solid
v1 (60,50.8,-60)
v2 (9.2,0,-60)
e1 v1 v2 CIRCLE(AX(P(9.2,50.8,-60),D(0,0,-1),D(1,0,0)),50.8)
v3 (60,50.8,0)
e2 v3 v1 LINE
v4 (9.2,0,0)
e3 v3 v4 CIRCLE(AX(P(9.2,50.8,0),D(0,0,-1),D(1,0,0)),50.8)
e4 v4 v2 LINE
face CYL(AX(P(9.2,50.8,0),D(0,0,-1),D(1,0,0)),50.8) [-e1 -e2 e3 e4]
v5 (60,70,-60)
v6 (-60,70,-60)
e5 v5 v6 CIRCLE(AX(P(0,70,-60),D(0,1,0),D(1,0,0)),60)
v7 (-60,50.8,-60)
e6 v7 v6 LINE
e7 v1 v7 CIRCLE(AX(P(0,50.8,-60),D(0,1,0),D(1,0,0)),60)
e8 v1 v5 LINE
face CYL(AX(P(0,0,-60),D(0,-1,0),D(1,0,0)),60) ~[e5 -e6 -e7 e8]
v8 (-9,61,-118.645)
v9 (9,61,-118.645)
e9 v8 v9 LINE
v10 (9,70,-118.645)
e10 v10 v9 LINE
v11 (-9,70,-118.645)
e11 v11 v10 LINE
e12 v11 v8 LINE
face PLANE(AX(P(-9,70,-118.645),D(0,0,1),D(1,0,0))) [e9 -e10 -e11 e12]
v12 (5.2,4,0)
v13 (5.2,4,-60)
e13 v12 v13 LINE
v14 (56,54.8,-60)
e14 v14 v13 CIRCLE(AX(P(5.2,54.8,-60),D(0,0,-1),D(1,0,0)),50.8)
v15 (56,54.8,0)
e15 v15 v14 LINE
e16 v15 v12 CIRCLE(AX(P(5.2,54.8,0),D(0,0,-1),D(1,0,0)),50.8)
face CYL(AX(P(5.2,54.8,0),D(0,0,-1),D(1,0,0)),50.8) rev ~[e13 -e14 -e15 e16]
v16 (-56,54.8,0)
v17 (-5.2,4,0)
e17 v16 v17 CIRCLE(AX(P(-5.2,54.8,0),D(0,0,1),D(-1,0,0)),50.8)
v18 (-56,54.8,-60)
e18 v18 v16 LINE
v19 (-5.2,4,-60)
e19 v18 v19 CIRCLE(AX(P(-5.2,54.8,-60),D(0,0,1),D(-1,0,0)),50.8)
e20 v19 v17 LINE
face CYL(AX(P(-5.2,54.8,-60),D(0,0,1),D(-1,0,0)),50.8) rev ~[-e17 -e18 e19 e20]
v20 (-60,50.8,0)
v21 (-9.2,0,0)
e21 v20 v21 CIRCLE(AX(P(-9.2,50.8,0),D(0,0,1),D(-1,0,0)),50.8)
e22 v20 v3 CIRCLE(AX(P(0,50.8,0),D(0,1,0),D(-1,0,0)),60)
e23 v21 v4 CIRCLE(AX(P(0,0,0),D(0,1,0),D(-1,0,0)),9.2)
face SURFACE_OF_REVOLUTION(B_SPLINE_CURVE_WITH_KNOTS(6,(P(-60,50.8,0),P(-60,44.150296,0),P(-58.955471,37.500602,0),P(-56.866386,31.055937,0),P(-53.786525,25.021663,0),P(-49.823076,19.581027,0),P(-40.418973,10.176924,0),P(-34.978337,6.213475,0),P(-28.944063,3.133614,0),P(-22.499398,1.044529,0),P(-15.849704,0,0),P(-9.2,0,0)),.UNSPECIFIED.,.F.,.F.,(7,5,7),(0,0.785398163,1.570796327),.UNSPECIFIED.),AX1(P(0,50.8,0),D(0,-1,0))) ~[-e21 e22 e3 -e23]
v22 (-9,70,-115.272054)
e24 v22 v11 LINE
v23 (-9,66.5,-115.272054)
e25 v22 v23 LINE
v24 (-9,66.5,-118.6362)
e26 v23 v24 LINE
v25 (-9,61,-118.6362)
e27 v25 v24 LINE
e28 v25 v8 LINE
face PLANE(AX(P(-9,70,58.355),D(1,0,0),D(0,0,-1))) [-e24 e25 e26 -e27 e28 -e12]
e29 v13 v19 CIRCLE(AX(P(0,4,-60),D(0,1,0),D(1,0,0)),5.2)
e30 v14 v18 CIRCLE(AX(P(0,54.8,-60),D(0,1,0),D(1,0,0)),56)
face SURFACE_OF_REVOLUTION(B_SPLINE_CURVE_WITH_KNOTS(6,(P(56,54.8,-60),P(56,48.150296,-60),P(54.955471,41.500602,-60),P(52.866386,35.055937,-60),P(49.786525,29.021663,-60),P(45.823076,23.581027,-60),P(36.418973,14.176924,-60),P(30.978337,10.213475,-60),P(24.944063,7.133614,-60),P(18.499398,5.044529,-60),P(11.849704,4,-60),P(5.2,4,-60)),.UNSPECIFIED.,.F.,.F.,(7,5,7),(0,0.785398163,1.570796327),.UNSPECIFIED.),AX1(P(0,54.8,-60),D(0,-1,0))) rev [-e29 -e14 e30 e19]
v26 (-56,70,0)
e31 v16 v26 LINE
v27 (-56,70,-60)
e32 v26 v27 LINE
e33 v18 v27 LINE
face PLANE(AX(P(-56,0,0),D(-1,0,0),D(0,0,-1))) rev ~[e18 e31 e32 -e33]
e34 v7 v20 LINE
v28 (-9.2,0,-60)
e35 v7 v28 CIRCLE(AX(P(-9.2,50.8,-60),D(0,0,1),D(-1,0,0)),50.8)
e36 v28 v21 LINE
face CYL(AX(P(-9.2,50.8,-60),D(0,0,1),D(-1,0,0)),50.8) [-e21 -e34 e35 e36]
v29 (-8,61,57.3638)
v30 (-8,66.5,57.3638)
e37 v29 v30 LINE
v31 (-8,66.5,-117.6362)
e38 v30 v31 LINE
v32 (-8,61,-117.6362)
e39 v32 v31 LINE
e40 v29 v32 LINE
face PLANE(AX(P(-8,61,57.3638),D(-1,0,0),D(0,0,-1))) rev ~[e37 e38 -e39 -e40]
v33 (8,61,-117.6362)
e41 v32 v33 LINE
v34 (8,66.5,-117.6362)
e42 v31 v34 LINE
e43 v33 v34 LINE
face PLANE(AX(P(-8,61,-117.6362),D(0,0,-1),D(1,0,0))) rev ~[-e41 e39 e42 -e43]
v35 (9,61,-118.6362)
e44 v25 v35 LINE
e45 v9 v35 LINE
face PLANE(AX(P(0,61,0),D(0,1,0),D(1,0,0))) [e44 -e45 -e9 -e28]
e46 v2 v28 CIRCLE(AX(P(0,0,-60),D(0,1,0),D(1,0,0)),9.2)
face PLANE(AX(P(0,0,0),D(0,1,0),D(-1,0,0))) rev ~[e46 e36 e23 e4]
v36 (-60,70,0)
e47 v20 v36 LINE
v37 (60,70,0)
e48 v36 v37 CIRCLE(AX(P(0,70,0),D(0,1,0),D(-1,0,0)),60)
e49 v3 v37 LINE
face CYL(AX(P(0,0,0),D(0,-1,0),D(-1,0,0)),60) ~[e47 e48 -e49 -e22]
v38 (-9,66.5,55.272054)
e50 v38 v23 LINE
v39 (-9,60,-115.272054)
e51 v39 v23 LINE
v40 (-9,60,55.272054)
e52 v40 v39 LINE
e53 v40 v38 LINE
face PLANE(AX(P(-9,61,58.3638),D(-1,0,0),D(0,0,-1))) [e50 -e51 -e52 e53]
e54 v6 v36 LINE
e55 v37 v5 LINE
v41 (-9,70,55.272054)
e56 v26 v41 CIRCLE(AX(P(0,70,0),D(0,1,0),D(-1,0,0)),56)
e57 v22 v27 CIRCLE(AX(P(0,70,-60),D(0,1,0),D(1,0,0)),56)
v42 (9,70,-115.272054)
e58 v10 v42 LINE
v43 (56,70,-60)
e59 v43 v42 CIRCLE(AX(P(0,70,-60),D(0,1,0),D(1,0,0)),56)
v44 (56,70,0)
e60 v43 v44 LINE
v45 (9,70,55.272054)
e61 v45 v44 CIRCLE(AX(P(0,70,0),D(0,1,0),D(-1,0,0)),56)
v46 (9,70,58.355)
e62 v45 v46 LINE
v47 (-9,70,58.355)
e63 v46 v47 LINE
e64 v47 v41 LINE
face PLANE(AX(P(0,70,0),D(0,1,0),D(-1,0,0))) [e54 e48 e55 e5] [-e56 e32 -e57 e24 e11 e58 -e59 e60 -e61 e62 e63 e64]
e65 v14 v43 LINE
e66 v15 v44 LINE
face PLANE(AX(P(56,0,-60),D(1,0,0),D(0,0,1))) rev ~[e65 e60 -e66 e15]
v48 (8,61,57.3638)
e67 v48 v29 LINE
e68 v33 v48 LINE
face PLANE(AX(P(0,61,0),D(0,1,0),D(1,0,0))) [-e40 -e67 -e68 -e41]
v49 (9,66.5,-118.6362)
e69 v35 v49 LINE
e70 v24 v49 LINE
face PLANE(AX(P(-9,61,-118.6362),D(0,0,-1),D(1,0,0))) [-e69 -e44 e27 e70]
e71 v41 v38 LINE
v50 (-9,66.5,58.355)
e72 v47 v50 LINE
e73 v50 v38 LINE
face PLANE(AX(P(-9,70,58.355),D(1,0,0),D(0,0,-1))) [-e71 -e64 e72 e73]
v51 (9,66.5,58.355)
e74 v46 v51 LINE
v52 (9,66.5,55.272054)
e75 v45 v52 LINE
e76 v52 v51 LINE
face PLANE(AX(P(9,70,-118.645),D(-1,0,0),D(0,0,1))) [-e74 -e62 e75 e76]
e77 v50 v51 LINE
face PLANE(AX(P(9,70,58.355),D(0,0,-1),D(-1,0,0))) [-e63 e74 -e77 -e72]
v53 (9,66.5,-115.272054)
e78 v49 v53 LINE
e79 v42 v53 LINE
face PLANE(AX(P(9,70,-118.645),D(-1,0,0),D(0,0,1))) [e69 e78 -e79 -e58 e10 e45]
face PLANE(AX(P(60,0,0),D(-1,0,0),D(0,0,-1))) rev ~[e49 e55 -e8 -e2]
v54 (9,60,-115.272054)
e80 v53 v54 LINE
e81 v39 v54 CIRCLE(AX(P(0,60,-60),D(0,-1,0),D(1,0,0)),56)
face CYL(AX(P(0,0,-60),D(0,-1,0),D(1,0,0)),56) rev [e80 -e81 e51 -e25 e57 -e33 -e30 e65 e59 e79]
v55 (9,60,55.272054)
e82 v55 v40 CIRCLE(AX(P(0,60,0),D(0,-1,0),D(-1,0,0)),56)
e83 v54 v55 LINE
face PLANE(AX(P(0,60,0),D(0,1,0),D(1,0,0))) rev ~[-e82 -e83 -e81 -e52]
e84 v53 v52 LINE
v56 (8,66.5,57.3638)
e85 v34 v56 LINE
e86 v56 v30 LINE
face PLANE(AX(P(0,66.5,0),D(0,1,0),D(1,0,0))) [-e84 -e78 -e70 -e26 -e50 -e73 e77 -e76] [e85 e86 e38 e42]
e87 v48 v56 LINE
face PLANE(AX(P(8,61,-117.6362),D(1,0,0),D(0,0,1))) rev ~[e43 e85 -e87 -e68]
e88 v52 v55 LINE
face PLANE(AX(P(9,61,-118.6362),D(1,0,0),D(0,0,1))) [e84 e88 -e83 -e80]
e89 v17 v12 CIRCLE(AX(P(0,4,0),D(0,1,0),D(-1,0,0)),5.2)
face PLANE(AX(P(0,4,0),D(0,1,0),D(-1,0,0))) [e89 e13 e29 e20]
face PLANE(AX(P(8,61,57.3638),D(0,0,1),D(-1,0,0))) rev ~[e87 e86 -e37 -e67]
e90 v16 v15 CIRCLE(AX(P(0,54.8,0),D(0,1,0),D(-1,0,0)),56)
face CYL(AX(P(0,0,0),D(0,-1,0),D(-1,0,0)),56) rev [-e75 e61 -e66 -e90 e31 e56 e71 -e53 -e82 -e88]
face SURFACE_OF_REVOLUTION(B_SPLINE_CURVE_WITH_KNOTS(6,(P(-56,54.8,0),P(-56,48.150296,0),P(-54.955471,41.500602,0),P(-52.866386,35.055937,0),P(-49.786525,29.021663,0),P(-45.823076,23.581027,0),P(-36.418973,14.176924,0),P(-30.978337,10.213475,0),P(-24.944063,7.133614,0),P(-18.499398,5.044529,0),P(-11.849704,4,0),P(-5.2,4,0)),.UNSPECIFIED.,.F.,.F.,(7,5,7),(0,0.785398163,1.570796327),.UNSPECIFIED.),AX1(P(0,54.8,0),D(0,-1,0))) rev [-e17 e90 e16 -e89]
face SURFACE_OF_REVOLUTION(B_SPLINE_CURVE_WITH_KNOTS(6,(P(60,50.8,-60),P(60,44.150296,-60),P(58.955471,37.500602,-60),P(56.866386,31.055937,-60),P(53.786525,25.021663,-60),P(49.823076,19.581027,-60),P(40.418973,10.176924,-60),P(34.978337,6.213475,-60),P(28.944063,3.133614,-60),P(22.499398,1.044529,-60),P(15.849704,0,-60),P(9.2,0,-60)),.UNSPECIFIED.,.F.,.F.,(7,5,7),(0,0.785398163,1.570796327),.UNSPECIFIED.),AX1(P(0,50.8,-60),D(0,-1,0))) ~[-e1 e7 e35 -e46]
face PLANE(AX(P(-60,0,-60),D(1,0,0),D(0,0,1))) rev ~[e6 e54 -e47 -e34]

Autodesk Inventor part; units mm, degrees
ref_plane "YZ Plane" through (0, 0, 0) normal (1, 0, 0) x (0, 1, 0)
ref_plane "XZ Plane" through (0, 0, 0) normal (0, 1, 0) x (-1, 0, 0)
ref_plane "XY Plane" through (0, 0, 0) normal (0, 0, 1) x (1, 0, 0)
sketch "Sketch1" plane through (0, 0, 0) normal (0, 1, 0) x (-1, 0, 0)
  line L0 (0, 0) -> (0, -60) construction
  line L1 (-60, 0) -> (-60, -60)
  line L2 (60, -60) -> (60, 0)
  arc A0 (60, 0) -> (-60, 0) centre (0, 0) ccw
  arc A1 (-60, -60) -> (60, -60) centre (0, -60) ccw
  line L3 (56, 0) -> (56, -60)
  arc A2 (-56, -60) -> (56, -60) centre (0, -60) ccw
  line L4 (-56, -60) -> (-56, 0)
  arc A3 (56, 0) -> (-56, 0) centre (0, 0) ccw
  point P0 (0, -30)
  dimension "d0" = 60
  dimension "d1" = 60
  dimension "d4" = 4
extrude "Extrusion2" add sketch "Sketch1" along normal blind 70
extrude "Extrusion3" add sketch "Sketch1" along normal blind 4 contours L3 A2 L4 A3
fillet "Fillet1" radius 50.8 8 edges at (0, 4, 56) (-56, 4, -30) (0, 4, -116) (56, 4, -30) (0, 0, 60) (60, 0, -30) (0, 0, -120) (-60, 0, -30)
sketch "Sketch5" plane through (0, 70, 0) normal (0, 1, 0) x (1, 0, 0)
  line L0 (-9, 118.645) -> (9, 118.645)
  line L1 (9, 118.645) -> (9, -58.355)
  line L2 (9, -58.355) -> (-9, -58.355)
  line L3 (-9, -58.355) -> (-9, 118.645)
  point P0 (0, 0)
  dimension "d11" = 177
  dimension "d12" = 18
  dimension "d13" = 9
extrude "Extrusion4" add sketch "Sketch5" against normal blind 10
extrude "Extrusion5" cut sketch "Sketch5" against normal blind 9
sketch "Sketch6" plane through (0, 61, 0) normal (0, 1, 0) x (1, 0, 0)
  line L0 (-9, 118.6362) -> (9, 118.6362)
  line L1 (9, 118.6362) -> (9, -58.3638)
  line L2 (9, -58.3638) -> (-9, -58.3638)
  line L3 (-9, -58.3638) -> (-9, 118.6362)
  line L4 (-8, 117.6362) -> (8, 117.6362)
  line L5 (8, 117.6362) -> (8, -57.3638)
  line L6 (8, -57.3638) -> (-8, -57.3638)
  line L7 (-8, -57.3638) -> (-8, 117.6362)
  point P0 (0, 0)
  dimension "d19" = 177
  dimension "d20" = 18
  dimension "d21" = 9
  dimension "d22" = 1
extrude "Extrusion6" add sketch "Sketch6" along normal blind 5.5
properties part number "lid"
